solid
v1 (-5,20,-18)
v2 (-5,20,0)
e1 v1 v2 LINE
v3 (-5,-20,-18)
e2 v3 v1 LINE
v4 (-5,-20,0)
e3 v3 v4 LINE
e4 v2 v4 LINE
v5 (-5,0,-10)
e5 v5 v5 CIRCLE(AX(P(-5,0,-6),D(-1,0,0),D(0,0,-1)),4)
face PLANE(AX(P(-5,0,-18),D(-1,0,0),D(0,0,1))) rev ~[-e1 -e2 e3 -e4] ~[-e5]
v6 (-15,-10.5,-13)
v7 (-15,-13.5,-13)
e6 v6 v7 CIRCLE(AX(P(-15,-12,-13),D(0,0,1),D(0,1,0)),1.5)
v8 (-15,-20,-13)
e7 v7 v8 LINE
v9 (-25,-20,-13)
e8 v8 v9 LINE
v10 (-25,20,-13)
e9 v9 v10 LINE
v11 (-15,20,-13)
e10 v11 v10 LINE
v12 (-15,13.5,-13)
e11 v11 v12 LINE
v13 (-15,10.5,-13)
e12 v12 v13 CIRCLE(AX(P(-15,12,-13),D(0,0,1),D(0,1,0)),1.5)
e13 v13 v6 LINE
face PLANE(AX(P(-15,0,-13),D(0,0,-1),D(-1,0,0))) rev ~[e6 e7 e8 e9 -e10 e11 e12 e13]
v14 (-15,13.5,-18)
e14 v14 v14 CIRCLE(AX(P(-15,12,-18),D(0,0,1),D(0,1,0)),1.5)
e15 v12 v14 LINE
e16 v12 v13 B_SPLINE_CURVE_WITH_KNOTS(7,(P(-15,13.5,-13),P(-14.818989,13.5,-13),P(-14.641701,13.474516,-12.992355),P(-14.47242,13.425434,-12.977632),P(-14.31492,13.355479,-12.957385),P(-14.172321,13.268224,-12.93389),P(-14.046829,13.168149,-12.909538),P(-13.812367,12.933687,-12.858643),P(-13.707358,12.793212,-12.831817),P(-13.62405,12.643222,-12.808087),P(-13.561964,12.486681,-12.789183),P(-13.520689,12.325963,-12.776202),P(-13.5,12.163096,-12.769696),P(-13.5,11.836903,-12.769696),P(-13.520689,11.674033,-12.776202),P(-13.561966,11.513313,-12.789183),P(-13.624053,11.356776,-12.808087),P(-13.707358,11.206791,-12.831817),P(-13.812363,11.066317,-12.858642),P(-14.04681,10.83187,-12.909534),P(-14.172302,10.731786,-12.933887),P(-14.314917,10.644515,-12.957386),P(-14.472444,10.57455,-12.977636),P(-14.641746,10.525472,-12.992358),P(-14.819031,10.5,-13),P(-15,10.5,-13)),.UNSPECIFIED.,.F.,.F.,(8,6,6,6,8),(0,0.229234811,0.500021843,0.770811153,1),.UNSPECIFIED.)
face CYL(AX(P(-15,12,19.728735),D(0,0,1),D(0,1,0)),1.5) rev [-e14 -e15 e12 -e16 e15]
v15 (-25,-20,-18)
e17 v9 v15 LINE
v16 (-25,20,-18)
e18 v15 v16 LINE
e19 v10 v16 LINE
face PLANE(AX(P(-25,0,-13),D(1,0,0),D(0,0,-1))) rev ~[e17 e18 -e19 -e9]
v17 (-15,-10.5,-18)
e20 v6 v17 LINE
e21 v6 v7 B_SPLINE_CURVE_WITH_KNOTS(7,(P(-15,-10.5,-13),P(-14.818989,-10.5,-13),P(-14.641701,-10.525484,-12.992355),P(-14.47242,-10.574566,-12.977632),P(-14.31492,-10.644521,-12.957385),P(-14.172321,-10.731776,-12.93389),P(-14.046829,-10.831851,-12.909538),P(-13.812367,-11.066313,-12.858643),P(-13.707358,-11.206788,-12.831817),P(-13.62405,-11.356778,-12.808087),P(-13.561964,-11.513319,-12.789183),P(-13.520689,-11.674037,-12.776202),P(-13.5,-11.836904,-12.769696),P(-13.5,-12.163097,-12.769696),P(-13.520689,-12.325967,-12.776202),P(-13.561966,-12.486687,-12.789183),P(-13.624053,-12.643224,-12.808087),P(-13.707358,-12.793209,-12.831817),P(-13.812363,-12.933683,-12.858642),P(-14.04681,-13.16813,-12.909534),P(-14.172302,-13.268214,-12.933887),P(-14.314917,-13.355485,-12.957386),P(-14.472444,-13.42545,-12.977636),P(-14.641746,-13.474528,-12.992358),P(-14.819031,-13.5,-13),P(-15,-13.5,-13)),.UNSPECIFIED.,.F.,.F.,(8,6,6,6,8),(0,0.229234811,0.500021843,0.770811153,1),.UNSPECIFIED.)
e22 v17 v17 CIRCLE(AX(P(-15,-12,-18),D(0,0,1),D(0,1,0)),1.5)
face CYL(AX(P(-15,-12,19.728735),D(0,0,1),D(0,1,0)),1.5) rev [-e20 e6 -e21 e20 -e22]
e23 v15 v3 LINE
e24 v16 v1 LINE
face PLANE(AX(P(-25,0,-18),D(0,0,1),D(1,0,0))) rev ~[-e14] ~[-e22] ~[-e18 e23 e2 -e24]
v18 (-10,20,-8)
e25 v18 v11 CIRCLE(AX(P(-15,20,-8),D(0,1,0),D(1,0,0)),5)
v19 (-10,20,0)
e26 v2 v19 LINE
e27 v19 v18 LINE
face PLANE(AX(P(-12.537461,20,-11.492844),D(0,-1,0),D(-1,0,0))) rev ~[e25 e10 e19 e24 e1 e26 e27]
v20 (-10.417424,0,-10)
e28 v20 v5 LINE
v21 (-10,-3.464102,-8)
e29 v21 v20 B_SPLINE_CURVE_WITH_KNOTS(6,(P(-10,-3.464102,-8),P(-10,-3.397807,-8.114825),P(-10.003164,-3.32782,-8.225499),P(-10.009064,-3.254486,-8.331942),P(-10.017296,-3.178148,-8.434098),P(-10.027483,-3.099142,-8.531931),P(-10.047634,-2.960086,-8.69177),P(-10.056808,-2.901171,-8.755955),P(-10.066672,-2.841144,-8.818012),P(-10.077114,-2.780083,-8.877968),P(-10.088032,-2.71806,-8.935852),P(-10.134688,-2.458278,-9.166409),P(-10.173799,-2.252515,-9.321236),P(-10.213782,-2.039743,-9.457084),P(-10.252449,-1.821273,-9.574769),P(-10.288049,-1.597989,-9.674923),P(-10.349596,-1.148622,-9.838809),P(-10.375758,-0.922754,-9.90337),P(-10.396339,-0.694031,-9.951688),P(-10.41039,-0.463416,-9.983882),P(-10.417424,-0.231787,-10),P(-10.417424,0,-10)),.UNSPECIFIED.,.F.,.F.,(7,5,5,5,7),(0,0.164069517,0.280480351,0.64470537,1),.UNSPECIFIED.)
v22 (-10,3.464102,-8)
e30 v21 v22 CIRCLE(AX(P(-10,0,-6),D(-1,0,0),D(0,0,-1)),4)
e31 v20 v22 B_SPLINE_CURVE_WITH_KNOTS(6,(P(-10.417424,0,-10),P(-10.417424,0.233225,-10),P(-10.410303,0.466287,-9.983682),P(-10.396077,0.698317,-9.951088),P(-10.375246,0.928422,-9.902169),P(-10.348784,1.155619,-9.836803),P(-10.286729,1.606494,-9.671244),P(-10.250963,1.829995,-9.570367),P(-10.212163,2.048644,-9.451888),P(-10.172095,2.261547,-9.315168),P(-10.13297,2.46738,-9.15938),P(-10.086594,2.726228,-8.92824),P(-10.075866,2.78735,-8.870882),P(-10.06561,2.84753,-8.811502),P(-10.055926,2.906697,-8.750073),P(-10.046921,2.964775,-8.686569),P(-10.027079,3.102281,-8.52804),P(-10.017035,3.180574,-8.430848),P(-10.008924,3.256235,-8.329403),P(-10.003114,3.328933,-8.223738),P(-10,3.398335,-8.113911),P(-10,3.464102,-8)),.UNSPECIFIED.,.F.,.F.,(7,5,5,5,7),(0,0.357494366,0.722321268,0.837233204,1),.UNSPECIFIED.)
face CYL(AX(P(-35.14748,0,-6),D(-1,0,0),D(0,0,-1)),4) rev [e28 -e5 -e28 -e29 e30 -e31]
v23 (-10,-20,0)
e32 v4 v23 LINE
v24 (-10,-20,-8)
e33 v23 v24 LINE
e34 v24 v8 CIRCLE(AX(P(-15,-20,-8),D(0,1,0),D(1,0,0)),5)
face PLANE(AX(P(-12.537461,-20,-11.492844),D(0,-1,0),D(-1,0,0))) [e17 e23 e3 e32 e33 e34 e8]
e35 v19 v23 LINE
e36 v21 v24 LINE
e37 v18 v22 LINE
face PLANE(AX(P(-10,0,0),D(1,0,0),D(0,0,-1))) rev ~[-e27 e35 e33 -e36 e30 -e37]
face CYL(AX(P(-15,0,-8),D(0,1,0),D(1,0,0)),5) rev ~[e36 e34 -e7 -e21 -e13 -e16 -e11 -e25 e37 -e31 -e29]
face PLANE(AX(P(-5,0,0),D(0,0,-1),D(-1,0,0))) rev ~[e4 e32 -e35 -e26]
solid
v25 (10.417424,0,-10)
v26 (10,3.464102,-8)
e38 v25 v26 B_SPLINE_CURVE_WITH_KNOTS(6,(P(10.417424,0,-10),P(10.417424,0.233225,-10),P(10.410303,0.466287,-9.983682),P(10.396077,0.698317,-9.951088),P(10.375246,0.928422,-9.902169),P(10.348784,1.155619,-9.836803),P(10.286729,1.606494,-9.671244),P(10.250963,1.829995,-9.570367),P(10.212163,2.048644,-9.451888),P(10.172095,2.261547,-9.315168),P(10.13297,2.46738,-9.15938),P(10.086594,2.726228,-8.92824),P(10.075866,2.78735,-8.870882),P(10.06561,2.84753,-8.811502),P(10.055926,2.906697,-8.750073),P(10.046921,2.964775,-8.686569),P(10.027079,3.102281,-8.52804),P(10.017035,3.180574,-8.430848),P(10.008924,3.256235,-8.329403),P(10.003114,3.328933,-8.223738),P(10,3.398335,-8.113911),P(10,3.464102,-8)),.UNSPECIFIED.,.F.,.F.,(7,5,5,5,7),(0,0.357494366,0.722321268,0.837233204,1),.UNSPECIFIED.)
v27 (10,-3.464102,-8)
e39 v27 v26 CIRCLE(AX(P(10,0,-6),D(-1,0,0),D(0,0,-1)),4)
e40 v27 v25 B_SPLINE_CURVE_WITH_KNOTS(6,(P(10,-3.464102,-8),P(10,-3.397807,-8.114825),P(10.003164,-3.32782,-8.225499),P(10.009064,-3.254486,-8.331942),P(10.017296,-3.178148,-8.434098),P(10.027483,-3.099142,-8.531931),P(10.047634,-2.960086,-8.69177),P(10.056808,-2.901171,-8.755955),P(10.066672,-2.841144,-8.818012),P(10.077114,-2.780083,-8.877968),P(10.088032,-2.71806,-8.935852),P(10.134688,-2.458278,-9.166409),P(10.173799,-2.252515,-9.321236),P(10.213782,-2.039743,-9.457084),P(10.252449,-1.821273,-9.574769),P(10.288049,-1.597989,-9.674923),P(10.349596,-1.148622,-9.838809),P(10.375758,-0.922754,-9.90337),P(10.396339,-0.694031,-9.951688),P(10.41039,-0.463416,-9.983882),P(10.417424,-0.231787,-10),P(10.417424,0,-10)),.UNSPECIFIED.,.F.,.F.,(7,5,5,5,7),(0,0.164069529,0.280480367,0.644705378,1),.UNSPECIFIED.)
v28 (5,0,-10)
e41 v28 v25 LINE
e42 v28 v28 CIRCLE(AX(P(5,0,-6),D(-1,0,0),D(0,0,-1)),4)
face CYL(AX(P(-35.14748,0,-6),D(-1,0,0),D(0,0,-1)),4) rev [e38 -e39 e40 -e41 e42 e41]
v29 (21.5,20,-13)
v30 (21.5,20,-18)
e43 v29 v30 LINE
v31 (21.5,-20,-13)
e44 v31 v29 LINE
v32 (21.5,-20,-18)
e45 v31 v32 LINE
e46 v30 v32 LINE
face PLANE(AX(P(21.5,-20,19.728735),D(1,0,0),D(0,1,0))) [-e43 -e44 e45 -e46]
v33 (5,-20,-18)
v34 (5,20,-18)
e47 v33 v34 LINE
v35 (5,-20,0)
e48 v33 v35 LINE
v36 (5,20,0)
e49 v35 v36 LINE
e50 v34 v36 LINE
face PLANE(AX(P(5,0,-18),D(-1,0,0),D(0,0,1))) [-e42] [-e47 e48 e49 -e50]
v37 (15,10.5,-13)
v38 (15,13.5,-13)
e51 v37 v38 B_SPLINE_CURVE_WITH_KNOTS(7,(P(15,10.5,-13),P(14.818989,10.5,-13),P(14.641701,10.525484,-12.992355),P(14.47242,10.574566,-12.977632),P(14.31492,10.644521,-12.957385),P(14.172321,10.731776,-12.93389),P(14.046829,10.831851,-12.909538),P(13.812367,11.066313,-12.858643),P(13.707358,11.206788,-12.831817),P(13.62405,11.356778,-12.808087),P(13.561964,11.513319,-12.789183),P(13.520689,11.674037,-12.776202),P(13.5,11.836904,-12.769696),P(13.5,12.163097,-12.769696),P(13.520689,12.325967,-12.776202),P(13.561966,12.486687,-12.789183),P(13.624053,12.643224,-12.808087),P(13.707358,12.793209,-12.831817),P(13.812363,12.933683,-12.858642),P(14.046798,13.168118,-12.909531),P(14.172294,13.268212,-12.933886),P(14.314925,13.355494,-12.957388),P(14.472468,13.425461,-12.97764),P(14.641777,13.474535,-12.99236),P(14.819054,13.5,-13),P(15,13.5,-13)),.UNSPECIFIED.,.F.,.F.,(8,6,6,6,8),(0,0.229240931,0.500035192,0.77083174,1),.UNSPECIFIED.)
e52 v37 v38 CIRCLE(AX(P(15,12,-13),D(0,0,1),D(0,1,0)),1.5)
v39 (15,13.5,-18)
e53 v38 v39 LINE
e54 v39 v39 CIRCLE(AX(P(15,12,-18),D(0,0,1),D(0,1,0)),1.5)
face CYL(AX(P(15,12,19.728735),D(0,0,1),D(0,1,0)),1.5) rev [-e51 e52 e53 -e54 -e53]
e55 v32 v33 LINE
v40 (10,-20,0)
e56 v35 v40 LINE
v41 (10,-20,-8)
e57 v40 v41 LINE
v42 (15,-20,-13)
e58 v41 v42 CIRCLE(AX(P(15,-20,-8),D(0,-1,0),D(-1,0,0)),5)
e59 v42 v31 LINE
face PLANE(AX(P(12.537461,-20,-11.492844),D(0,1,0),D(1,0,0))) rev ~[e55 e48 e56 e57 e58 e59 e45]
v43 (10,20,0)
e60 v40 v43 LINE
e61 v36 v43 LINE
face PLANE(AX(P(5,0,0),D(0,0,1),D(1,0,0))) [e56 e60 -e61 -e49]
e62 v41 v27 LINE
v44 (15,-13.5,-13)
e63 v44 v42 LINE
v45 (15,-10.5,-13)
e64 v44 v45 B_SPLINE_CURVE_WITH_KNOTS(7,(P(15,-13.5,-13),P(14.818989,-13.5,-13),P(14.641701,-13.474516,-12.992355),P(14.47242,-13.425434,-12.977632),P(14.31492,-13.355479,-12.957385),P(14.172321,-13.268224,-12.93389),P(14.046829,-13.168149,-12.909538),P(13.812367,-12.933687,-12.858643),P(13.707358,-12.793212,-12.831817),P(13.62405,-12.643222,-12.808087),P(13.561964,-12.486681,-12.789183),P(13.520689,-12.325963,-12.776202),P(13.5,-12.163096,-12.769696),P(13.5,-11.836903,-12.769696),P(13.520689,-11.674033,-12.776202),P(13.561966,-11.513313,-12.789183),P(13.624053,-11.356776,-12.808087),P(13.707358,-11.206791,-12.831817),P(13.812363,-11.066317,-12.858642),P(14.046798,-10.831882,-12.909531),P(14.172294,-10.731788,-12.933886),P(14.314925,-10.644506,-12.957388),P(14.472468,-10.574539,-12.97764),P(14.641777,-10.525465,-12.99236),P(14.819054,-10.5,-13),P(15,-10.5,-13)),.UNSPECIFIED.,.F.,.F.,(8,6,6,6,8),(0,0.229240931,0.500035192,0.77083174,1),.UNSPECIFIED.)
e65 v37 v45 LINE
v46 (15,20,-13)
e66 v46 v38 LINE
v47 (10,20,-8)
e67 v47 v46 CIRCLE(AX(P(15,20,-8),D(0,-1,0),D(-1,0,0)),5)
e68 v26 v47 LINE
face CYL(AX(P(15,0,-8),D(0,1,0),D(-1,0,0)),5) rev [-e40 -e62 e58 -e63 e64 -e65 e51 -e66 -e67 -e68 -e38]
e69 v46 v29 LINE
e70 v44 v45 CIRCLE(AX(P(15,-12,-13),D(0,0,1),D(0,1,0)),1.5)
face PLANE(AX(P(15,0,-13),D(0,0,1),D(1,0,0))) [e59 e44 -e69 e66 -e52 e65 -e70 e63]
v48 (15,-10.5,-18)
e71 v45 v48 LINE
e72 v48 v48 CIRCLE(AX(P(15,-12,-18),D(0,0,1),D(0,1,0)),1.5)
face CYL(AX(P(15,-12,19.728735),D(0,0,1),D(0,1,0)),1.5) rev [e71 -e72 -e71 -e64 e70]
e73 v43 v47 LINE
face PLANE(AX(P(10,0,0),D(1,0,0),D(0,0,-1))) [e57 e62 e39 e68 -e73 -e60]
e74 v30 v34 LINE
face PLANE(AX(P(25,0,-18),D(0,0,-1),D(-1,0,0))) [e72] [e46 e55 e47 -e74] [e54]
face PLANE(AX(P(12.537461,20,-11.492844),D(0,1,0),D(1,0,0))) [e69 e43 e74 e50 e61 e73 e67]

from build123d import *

# Parameters (mm, degrees)
BOSS_EXTRUDE1_DEPTH     = 20
BOSS_EXTRUDE1_2_DEPTH   = 20
CUT_EXTRUDE1_DEPTH      = 45.147480109
CUT_EXTRUDE1_DEPTH_BACK = 45.147480109
SKETCH2_R               = 4
CUT_EXTRUDE2_DEPTH      = 37.728735399
CUT_EXTRUDE2_DEPTH_BACK = 37.728735399
SKETCH3_R               = 1.5
CUT_EXTRUDE3_DEPTH      = 37.728735399
CUT_EXTRUDE3_DEPTH_BACK = 37.728735399
SKETCH4_W               = 3.5
SKETCH4_H               = 40


with BuildPart() as part:
    # Sketch1 → Boss-Extrude1 (new, symmetric)
    with BuildSketch(Plane(origin=(0, 0, 0), x_dir=(1, 0, 0), z_dir=(0, 1, 0))):
        with BuildLine():
            Line((-5, 18), (-5, 0))
            Line((-5, 0), (-10, 0))
            Line((-10, 0), (-10, 8))
            ThreePointArc((-10, 8), (-11.464466094, 11.535533906), (-15, 13))
            Line((-15, 13), (-25, 13))
            Line((-25, 13), (-25, 18))
            Line((-25, 18), (-5, 18))
        make_face()
    extrude(amount=BOSS_EXTRUDE1_DEPTH, both=True)


with BuildPart() as body_2:
    # Sketch1 → Boss-Extrude1 2 (new, symmetric)
    with BuildSketch(Plane(origin=(0, 0, 0), x_dir=(1, 0, 0), z_dir=(0, 1, 0))):
        with BuildLine():
            Line((25, 18), (5, 18))
            Line((5, 18), (5, 0))
            Line((5, 0), (10, 0))
            Line((10, 0), (10, 8))
            ThreePointArc((10, 8), (11.464466094, 11.535533906), (15, 13))
            Line((15, 13), (25, 13))
            Line((25, 13), (25, 18))
        make_face()
    extrude(amount=BOSS_EXTRUDE1_2_DEPTH, both=True)


with BuildPart() as cut_extrude1_tool:
    # Sketch2 → Cut-Extrude1 (new, two sides: drawn at the far end of the back side and taken through both)
    with BuildSketch(Plane(origin=(10, 0, 0), x_dir=(0, 0, -1), z_dir=(1, 0, 0)).offset(-CUT_EXTRUDE1_DEPTH_BACK)):
        with Locations((6, 0)):
            Circle(SKETCH2_R)
    extrude(amount=CUT_EXTRUDE1_DEPTH + CUT_EXTRUDE1_DEPTH_BACK)


with BuildPart() as part_1:
    add(part.part)

    # Cut-Extrude1: cut by cut_extrude1_tool
    add(cut_extrude1_tool.part, mode=Mode.SUBTRACT)


with BuildPart() as body_2_1:
    add(body_2.part)

    # Cut-Extrude1: cut by cut_extrude1_tool
    add(cut_extrude1_tool.part, mode=Mode.SUBTRACT)


with BuildPart() as cut_extrude2_tool:
    # Sketch3 → Cut-Extrude2 (new, two sides: drawn at the far end of the back side and taken through both)
    with BuildSketch(Plane(origin=(0, 0, -18), x_dir=(-1, 0, 0), z_dir=(0, 0, -1)).offset(-CUT_EXTRUDE2_DEPTH_BACK)):
        with Locations(Location((-15, -12, 0), (0, 0, 90))):
            Circle(SKETCH3_R)
        with Locations(Location((-15, 12, 0), (0, 0, 90))):
            Circle(SKETCH3_R)
        with Locations(Location((15, 12, 0), (0, 0, 90))):
            Circle(SKETCH3_R)
        with Locations(Location((15, -12, 0), (0, 0, 90))):
            Circle(SKETCH3_R)
    extrude(amount=CUT_EXTRUDE2_DEPTH + CUT_EXTRUDE2_DEPTH_BACK)


with BuildPart() as part_2:
    add(part_1.part)

    # Cut-Extrude2: cut by cut_extrude2_tool
    add(cut_extrude2_tool.part, mode=Mode.SUBTRACT)


with BuildPart() as body_2_2:
    add(body_2_1.part)

    # Cut-Extrude2: cut by cut_extrude2_tool
    add(cut_extrude2_tool.part, mode=Mode.SUBTRACT)

    # Sketch4 → Cut-Extrude3 (cut, two sides: drawn at the far end of the back side and taken through both)
    with BuildSketch(Plane(origin=(0, 0, -18), x_dir=(-1, 0, 0), z_dir=(0, 0, -1)).offset(-CUT_EXTRUDE3_DEPTH_BACK)):
        with Locations((-23.25, 0)):
            Rectangle(SKETCH4_W, SKETCH4_H)
    extrude(amount=CUT_EXTRUDE3_DEPTH + CUT_EXTRUDE3_DEPTH_BACK, mode=Mode.SUBTRACT)


solid = Compound([part_2.part, body_2_2.part])
